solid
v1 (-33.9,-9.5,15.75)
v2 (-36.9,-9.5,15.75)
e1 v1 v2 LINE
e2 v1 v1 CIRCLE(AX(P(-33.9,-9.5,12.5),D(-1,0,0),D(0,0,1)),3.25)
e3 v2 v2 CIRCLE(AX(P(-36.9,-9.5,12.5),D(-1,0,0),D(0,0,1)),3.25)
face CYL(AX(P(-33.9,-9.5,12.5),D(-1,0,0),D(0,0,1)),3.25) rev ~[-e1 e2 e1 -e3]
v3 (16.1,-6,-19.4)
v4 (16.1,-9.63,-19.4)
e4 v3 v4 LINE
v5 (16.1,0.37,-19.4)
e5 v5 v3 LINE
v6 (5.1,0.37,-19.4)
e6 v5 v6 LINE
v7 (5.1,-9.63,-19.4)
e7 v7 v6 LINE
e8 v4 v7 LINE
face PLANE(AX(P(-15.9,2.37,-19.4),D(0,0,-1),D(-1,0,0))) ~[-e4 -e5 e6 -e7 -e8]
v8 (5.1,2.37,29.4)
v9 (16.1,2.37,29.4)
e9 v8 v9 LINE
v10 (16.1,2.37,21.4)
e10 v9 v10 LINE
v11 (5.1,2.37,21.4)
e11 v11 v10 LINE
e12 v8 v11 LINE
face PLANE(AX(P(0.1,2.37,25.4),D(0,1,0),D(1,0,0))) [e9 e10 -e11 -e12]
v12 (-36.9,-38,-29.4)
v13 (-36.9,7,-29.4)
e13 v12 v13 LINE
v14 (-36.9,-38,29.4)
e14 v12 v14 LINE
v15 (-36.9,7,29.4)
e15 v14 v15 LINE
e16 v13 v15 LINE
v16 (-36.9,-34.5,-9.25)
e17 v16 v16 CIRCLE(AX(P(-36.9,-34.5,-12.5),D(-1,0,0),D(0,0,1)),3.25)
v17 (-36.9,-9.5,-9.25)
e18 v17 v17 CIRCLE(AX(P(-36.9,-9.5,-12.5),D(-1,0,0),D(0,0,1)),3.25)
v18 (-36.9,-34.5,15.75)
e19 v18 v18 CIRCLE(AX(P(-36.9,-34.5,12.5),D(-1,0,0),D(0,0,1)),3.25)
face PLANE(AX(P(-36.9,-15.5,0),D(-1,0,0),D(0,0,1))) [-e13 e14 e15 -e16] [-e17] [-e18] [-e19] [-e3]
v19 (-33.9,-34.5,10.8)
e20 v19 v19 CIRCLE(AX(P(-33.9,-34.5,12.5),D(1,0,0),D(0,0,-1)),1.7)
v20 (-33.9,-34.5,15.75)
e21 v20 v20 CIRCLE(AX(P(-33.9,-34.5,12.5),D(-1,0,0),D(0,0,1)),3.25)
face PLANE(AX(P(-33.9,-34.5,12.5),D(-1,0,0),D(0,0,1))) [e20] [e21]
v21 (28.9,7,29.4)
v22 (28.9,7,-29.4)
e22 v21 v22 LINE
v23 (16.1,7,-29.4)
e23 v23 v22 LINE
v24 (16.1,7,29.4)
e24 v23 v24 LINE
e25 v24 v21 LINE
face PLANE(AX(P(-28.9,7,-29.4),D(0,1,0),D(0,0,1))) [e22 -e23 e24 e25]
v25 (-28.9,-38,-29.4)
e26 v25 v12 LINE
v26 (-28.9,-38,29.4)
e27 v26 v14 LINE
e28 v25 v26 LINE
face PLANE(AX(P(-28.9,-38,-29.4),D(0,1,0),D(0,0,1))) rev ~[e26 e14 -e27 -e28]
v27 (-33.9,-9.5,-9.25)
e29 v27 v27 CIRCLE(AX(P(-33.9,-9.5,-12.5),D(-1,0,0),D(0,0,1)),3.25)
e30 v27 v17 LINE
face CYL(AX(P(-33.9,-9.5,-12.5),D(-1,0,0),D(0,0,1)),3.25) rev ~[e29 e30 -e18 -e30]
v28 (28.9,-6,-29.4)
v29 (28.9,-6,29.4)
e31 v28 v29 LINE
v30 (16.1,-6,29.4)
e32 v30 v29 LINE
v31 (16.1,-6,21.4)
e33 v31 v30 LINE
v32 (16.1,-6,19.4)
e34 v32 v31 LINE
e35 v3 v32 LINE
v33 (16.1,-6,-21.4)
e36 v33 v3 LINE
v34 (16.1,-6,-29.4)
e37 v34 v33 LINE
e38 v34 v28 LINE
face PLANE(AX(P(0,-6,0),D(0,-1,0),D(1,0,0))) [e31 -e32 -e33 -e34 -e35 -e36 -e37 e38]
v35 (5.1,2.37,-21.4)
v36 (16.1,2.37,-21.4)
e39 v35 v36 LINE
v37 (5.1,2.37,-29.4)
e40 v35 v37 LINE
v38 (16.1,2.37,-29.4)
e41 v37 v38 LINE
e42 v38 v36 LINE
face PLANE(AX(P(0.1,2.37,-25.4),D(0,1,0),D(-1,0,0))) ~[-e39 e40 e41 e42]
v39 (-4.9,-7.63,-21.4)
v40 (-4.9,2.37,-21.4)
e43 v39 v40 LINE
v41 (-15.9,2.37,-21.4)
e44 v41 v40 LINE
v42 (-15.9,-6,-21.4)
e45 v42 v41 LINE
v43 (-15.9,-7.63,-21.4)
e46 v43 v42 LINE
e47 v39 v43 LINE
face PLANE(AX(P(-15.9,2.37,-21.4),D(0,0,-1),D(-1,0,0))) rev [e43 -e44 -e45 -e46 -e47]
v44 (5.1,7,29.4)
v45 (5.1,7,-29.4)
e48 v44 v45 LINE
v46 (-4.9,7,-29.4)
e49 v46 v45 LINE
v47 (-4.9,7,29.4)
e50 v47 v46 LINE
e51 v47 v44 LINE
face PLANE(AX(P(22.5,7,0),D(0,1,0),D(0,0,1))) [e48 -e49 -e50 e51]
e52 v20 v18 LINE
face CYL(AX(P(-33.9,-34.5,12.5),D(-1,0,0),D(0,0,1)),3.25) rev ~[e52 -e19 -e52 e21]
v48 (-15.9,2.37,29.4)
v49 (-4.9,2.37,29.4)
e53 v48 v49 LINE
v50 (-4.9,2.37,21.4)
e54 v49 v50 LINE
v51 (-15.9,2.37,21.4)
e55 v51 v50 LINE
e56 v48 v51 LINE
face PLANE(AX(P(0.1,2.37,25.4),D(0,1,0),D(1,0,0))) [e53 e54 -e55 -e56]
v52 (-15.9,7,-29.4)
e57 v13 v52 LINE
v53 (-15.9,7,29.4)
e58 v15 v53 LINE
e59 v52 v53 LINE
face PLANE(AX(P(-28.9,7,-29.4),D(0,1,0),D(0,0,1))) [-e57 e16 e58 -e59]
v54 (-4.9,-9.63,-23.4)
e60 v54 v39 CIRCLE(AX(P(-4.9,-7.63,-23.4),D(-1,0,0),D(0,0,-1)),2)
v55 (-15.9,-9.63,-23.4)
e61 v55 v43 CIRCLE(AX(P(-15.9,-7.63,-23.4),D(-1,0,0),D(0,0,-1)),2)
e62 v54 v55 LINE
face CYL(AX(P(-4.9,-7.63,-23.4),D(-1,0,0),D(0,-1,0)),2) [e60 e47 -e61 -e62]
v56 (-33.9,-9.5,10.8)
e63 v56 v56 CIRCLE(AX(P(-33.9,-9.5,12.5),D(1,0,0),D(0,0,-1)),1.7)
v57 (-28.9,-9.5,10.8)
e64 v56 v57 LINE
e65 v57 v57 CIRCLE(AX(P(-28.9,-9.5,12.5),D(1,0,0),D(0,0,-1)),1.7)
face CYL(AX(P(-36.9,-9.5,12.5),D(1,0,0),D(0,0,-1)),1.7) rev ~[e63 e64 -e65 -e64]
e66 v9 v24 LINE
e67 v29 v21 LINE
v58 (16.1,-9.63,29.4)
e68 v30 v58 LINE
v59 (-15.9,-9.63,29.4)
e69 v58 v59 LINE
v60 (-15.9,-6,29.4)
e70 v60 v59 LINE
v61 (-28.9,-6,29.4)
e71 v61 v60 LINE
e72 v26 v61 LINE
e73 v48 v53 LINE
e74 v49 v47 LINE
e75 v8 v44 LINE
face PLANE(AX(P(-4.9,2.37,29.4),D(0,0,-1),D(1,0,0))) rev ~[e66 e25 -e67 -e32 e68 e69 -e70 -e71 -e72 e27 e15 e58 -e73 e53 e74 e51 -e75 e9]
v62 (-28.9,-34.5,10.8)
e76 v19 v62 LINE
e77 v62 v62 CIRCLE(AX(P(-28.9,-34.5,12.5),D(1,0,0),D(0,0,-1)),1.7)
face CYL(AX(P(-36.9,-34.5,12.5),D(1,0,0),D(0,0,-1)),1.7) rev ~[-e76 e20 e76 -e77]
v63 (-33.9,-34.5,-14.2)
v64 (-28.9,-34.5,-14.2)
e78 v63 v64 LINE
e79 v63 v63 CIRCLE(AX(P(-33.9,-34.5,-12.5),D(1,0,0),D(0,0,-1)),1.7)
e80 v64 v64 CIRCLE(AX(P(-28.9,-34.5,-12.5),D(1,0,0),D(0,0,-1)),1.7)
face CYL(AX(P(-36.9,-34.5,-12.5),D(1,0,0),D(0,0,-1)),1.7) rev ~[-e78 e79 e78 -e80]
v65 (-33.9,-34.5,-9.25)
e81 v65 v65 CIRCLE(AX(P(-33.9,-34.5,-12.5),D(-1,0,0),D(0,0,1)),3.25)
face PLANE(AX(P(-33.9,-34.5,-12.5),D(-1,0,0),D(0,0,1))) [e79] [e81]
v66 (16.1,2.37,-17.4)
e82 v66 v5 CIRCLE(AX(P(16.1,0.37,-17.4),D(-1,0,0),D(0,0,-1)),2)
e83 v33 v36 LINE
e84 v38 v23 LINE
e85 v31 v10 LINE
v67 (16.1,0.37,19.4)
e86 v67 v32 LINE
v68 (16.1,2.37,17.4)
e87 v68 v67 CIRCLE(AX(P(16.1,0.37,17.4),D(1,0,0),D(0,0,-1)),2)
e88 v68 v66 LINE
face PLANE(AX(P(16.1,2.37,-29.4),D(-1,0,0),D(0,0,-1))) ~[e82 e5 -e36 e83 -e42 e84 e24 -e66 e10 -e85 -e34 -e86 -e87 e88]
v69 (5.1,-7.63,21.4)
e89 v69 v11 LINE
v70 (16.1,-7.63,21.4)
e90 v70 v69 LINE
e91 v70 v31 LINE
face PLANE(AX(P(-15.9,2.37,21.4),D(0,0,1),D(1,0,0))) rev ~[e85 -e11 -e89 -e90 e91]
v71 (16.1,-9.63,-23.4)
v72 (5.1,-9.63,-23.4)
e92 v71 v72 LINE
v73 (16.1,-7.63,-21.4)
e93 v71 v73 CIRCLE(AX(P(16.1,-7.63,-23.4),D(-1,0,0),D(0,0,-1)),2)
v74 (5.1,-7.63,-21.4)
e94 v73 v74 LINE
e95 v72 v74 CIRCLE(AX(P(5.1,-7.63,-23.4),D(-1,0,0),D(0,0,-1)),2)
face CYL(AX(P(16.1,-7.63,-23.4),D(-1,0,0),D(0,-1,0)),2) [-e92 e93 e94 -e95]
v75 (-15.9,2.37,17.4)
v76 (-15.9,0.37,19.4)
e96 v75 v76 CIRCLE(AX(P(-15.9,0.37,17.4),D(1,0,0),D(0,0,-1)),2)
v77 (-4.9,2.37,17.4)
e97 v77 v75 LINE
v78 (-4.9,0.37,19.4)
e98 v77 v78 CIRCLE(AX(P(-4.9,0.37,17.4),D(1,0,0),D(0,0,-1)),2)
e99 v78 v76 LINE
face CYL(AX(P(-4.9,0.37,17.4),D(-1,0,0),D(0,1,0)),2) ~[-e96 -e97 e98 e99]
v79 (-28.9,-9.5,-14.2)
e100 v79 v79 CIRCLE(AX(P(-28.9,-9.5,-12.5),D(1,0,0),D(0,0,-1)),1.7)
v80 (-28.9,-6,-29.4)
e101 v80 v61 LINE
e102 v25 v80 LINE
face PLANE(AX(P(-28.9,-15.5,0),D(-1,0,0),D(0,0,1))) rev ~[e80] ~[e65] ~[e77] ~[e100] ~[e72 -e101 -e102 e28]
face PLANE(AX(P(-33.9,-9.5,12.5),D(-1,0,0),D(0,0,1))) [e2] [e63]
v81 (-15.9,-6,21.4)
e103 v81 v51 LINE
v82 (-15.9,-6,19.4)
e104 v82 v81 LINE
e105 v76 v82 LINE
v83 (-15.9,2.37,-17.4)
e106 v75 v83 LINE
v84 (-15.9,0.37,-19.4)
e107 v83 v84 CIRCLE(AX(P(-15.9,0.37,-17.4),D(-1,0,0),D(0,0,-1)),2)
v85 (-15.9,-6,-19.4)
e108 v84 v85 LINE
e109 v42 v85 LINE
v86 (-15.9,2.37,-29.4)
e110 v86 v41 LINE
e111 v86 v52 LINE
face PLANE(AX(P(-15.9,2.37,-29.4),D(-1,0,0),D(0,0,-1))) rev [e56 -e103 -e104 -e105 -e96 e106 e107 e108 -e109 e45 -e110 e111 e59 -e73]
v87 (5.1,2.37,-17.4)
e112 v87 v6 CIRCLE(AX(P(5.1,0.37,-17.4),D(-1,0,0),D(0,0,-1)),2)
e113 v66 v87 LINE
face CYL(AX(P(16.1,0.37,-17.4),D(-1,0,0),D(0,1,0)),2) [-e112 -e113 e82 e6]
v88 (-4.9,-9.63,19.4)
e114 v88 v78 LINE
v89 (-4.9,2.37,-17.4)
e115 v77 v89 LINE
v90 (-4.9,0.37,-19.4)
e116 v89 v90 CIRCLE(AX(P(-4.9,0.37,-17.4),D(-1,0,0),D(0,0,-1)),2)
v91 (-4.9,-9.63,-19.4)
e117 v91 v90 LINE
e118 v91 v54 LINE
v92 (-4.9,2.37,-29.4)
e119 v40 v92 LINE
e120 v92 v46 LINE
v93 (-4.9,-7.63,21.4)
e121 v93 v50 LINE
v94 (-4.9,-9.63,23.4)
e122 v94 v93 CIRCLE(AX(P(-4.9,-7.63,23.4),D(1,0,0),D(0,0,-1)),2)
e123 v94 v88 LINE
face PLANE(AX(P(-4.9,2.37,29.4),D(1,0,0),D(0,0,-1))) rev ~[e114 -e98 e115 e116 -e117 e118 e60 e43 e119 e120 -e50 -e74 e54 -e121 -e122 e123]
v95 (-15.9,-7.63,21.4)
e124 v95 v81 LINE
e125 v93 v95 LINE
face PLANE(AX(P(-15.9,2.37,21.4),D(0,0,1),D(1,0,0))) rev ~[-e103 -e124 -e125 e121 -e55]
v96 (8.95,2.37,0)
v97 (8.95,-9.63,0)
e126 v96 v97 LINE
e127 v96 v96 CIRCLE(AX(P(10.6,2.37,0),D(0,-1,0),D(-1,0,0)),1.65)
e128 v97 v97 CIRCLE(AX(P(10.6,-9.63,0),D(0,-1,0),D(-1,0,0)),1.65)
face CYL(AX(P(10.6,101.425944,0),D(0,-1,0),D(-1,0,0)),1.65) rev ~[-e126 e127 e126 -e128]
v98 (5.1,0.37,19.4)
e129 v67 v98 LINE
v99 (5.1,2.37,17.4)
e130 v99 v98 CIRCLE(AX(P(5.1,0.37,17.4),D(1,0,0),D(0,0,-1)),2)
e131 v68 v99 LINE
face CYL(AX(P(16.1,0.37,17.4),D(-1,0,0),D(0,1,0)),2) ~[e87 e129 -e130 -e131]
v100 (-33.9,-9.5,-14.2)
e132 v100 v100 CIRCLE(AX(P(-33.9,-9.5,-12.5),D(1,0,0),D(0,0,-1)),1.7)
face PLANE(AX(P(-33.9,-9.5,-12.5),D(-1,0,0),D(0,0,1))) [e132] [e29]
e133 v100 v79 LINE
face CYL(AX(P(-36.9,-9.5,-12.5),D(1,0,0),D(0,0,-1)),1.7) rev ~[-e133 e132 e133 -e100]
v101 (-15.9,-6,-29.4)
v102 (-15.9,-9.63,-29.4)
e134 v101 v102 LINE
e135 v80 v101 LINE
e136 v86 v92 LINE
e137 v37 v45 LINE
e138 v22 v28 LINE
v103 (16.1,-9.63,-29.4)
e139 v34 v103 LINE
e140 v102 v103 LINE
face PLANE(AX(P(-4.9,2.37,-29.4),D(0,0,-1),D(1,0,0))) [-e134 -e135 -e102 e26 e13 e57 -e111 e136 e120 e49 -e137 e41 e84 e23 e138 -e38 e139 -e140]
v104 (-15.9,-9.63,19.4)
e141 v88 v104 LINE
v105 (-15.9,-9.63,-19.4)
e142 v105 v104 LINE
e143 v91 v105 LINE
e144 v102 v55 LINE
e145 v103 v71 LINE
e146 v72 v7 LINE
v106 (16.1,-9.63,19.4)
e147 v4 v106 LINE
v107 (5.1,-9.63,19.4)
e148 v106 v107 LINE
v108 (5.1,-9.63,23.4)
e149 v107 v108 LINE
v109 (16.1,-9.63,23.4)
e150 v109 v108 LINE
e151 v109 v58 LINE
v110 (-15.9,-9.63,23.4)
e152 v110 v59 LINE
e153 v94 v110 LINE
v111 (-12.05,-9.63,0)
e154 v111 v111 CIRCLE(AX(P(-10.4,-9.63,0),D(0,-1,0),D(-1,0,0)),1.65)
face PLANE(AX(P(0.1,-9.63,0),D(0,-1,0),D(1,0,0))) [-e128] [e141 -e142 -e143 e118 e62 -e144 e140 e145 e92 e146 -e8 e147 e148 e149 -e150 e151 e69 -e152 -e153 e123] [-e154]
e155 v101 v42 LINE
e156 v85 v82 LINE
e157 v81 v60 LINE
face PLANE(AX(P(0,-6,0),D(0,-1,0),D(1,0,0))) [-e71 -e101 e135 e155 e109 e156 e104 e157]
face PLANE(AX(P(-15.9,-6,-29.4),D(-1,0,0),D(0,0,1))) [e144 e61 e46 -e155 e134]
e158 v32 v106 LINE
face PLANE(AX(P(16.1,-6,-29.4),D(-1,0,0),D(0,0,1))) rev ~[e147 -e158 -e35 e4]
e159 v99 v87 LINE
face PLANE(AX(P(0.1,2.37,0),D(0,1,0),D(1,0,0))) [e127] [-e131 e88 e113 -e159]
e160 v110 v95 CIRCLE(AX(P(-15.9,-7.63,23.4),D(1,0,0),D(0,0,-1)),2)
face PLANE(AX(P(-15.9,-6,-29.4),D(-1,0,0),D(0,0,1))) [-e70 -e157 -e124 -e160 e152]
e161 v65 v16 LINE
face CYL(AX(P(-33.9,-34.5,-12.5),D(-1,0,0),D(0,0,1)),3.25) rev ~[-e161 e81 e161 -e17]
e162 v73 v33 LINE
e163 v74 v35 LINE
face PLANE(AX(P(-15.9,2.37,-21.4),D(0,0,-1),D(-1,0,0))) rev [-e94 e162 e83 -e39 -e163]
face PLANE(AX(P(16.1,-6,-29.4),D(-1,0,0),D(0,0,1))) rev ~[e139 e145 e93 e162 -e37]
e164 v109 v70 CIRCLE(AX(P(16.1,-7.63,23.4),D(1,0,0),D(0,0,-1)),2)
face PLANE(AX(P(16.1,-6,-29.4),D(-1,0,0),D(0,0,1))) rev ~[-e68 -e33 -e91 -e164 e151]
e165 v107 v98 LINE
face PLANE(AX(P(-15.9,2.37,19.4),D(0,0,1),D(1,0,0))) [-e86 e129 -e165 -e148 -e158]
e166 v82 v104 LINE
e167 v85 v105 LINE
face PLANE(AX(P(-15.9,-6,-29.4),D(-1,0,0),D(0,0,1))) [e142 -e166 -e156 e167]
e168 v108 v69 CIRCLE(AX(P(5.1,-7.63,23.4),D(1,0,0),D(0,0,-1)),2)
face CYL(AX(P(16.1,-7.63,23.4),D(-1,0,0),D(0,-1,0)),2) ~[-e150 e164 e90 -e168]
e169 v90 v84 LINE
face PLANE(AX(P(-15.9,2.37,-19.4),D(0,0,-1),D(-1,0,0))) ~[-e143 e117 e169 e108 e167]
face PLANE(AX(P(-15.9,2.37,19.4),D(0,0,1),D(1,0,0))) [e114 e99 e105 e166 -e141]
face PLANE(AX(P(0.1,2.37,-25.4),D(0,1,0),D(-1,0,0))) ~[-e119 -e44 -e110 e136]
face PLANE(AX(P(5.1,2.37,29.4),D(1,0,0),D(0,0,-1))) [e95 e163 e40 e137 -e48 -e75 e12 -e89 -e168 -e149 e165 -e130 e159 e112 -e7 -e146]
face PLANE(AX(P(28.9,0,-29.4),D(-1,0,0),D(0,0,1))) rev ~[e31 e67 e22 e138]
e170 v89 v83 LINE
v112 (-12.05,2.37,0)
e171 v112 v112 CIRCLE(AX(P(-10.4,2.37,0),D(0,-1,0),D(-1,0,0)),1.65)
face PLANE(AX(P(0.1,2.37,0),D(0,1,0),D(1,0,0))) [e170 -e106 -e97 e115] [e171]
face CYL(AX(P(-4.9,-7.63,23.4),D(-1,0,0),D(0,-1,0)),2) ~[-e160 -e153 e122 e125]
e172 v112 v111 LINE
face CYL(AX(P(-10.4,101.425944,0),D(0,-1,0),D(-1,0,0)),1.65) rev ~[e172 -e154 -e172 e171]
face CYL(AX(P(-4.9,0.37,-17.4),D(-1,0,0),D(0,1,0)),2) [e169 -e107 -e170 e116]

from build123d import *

# Parameters (mm, degrees)
SKETCH1_W                       = 57.8
SKETCH1_H                       = 58.8
BOSS_EXTRUDE1_DEPTH             = 7
SKETCH5_W                       = 57.8
SKETCH5_H                       = 58.8
BOSS_EXTRUDE2_DEPTH             = 6
SKETCH6_W                       = 58.8
SKETCH6_H                       = 45
BOSS_EXTRUDE3_DEPTH             = 8
CBORE_FOR_M3_SHCS2_D            = 3.4
CBORE_FOR_M3_SHCS2_CBORE_D      = 6.5
CBORE_FOR_M3_SHCS2_CBORE_DEPTH  = 3
SKETCH10_W                      = 32
SKETCH10_H                      = 58.8
BOSS_EXTRUDE4_DEPTH             = 3.63
CUT_EXTRUDE1_START              = -4.63
SKETCH11_W                      = 32
SKETCH11_H                      = 8
CUT_EXTRUDE1_DEPTH              = 4.63
SKETCH12_W                      = 32
SKETCH12_H                      = 2
CUT_EXTRUDE2_DEPTH              = 63.094338711
SKETCH17_W                      = 32
SKETCH17_H                      = 58.8
CUT_EXTRUDE3_DEPTH              = 20
BOSS_EXTRUDE5_REACH             = 64.094
SKETCH18_W                      = 10
SKETCH18_H                      = 58.8
BOSS_EXTRUDE5_DIRECTION_2_REACH = 64.094
FILLET1_R                       = 2
M4X0_7_TAPPED_HOLE1_D           = 3.3


with BuildPart() as part:
    # Sketch1 → Boss-Extrude1 (new body)
    with BuildSketch(Plane(origin=(0, 0, 0), x_dir=(1, 0, 0), z_dir=(0, 1, 0))):
        Rectangle(SKETCH1_W, SKETCH1_H)
    extrude(amount=BOSS_EXTRUDE1_DEPTH)

    # Sketch5 → Boss-Extrude2 (add)
    with BuildSketch(Plane.XZ):
        Rectangle(SKETCH5_W, SKETCH5_H)
    extrude(amount=BOSS_EXTRUDE2_DEPTH)

    # Sketch6 → Boss-Extrude3 (add)
    with BuildSketch(Plane.ZY.offset(28.9)):
        with Locations((0, -15.5)):
            Rectangle(SKETCH6_W, SKETCH6_H)
    extrude(amount=BOSS_EXTRUDE3_DEPTH)

    # CBORE for M3 SHCS2 (through all)
    with Locations(Plane.ZY.offset(36.9)):
        with Locations((-12.5, -9.5), (12.5, -9.5), (12.5, -34.5), (-12.5, -34.5)):
            CounterBoreHole(CBORE_FOR_M3_SHCS2_D / 2, CBORE_FOR_M3_SHCS2_CBORE_D / 2, CBORE_FOR_M3_SHCS2_CBORE_DEPTH)

    # Sketch10 → Boss-Extrude4 (add)
    with BuildSketch(Plane.XZ.offset(6)):
        with Locations((0.1, 0)):
            Rectangle(SKETCH10_W, SKETCH10_H)
    extrude(amount=BOSS_EXTRUDE4_DEPTH)

    # Sketch11 → Cut-Extrude1 (cut)
    with BuildSketch(Plane(origin=(0, 7, 0), x_dir=(1, 0, 0), z_dir=(0, 1, 0)).offset(CUT_EXTRUDE1_START)):
        with Locations((0.1, -25.4)):
            Rectangle(SKETCH11_W, SKETCH11_H)
    cut_extrude1 = extrude(amount=CUT_EXTRUDE1_DEPTH, mode=Mode.SUBTRACT)

    # Sketch12 → Cut-Extrude2 (cut, symmetric)
    with BuildSketch(Plane(origin=(0, 2.37, 0), x_dir=(1, 0, 0), z_dir=(0, 1, 0))):
        with Locations((0.1, -20.4)):
            Rectangle(SKETCH12_W, SKETCH12_H)
    cut_extrude2 = extrude(amount=CUT_EXTRUDE2_DEPTH, both=True, mode=Mode.SUBTRACT)

    # Mirror1: Cut-Extrude1, Cut-Extrude2 across plane
    add(cut_extrude1.mirror(Plane.XY), mode=Mode.SUBTRACT)
    add(cut_extrude2.mirror(Plane.XY), mode=Mode.SUBTRACT)

    # Sketch17 → Cut-Extrude3 (cut)
    with BuildSketch(Plane(origin=(0, 2.37, 0), x_dir=(1, 0, 0), z_dir=(0, 1, 0))):
        with Locations((0.1, 0)):
            Rectangle(SKETCH17_W, SKETCH17_H)
    extrude(amount=CUT_EXTRUDE3_DEPTH, mode=Mode.SUBTRACT)

    # Boss-Extrude5: up to this face of the body (flat: up to its plane)
    boss_extrude5_end = Plane(part.part.faces().sort_by_distance((22.5, 7, 0))[0])
    # Sketch18 → Boss-Extrude5 (add, up to the picked face)
    with BuildSketch(Plane(origin=(0, 2.37, 0), x_dir=(1, 0, 0), z_dir=(0, 1, 0)), mode=Mode.PRIVATE) as boss_extrude5_sk1:
        with Locations((0.1, 0)):
            Rectangle(SKETCH18_W, SKETCH18_H)
    boss_extrude5_tool1 = split(extrude(boss_extrude5_sk1.sketch, amount=BOSS_EXTRUDE5_REACH, mode=Mode.PRIVATE), bisect_by=boss_extrude5_end, keep=Keep.BOTH, mode=Mode.PRIVATE)
    add(boss_extrude5_tool1.solids().sort_by(Axis((0.1, 2.37, 0), (0, 1, 0)))[0])

    # Boss-Extrude5 direction 2: up to this face of the body (flat: up to its plane)
    boss_extrude5_direction_2_end = Plane(part.part.faces().sort_by_distance((0.1, -9.63, 0))[0])
    # Sketch18 → Boss-Extrude5 direction 2 (add, up to the picked face)
    with BuildSketch(Plane(origin=(0, 2.37, 0), x_dir=(1, 0, 0), z_dir=(0, 1, 0)), mode=Mode.PRIVATE) as boss_extrude5_direction_2_sk1:
        with Locations((0.1, 0)):
            Rectangle(SKETCH18_W, SKETCH18_H)
    boss_extrude5_direction_2_tool1 = split(extrude(boss_extrude5_direction_2_sk1.sketch, amount=-BOSS_EXTRUDE5_DIRECTION_2_REACH, mode=Mode.PRIVATE), bisect_by=boss_extrude5_direction_2_end, keep=Keep.BOTH, mode=Mode.PRIVATE)
    add(boss_extrude5_direction_2_tool1.solids().sort_by(Axis((0.1, 2.37, 0), (0, -1, 0)))[0])

    # Fillet1
    fillet1_edges = [part.edges().sort_by_distance(p)[0] for p in [
        (10.6, -9.63, 21.4),
        (10.6, -9.63, -21.4),
        (10.6, 2.37, -19.4),
        (10.6, 2.37, 19.4),
        (-10.4, 2.37, -19.4),
        (-10.4, 2.37, 19.4),
        (-10.4, -9.63, -21.4),
        (-10.4, -9.63, 21.4),
    ]]
    fillet(fillet1_edges, radius=FILLET1_R)

    # M4x0.7 Tapped Hole1 (through all)
    with Locations(Plane(origin=(0, 2.37, 0), x_dir=(1, 0, 0), z_dir=(0, 1, 0))):
        with Locations((-10.4, 0), (10.6, 0)):
            Hole(M4X0_7_TAPPED_HOLE1_D / 2)


solid = part.part
